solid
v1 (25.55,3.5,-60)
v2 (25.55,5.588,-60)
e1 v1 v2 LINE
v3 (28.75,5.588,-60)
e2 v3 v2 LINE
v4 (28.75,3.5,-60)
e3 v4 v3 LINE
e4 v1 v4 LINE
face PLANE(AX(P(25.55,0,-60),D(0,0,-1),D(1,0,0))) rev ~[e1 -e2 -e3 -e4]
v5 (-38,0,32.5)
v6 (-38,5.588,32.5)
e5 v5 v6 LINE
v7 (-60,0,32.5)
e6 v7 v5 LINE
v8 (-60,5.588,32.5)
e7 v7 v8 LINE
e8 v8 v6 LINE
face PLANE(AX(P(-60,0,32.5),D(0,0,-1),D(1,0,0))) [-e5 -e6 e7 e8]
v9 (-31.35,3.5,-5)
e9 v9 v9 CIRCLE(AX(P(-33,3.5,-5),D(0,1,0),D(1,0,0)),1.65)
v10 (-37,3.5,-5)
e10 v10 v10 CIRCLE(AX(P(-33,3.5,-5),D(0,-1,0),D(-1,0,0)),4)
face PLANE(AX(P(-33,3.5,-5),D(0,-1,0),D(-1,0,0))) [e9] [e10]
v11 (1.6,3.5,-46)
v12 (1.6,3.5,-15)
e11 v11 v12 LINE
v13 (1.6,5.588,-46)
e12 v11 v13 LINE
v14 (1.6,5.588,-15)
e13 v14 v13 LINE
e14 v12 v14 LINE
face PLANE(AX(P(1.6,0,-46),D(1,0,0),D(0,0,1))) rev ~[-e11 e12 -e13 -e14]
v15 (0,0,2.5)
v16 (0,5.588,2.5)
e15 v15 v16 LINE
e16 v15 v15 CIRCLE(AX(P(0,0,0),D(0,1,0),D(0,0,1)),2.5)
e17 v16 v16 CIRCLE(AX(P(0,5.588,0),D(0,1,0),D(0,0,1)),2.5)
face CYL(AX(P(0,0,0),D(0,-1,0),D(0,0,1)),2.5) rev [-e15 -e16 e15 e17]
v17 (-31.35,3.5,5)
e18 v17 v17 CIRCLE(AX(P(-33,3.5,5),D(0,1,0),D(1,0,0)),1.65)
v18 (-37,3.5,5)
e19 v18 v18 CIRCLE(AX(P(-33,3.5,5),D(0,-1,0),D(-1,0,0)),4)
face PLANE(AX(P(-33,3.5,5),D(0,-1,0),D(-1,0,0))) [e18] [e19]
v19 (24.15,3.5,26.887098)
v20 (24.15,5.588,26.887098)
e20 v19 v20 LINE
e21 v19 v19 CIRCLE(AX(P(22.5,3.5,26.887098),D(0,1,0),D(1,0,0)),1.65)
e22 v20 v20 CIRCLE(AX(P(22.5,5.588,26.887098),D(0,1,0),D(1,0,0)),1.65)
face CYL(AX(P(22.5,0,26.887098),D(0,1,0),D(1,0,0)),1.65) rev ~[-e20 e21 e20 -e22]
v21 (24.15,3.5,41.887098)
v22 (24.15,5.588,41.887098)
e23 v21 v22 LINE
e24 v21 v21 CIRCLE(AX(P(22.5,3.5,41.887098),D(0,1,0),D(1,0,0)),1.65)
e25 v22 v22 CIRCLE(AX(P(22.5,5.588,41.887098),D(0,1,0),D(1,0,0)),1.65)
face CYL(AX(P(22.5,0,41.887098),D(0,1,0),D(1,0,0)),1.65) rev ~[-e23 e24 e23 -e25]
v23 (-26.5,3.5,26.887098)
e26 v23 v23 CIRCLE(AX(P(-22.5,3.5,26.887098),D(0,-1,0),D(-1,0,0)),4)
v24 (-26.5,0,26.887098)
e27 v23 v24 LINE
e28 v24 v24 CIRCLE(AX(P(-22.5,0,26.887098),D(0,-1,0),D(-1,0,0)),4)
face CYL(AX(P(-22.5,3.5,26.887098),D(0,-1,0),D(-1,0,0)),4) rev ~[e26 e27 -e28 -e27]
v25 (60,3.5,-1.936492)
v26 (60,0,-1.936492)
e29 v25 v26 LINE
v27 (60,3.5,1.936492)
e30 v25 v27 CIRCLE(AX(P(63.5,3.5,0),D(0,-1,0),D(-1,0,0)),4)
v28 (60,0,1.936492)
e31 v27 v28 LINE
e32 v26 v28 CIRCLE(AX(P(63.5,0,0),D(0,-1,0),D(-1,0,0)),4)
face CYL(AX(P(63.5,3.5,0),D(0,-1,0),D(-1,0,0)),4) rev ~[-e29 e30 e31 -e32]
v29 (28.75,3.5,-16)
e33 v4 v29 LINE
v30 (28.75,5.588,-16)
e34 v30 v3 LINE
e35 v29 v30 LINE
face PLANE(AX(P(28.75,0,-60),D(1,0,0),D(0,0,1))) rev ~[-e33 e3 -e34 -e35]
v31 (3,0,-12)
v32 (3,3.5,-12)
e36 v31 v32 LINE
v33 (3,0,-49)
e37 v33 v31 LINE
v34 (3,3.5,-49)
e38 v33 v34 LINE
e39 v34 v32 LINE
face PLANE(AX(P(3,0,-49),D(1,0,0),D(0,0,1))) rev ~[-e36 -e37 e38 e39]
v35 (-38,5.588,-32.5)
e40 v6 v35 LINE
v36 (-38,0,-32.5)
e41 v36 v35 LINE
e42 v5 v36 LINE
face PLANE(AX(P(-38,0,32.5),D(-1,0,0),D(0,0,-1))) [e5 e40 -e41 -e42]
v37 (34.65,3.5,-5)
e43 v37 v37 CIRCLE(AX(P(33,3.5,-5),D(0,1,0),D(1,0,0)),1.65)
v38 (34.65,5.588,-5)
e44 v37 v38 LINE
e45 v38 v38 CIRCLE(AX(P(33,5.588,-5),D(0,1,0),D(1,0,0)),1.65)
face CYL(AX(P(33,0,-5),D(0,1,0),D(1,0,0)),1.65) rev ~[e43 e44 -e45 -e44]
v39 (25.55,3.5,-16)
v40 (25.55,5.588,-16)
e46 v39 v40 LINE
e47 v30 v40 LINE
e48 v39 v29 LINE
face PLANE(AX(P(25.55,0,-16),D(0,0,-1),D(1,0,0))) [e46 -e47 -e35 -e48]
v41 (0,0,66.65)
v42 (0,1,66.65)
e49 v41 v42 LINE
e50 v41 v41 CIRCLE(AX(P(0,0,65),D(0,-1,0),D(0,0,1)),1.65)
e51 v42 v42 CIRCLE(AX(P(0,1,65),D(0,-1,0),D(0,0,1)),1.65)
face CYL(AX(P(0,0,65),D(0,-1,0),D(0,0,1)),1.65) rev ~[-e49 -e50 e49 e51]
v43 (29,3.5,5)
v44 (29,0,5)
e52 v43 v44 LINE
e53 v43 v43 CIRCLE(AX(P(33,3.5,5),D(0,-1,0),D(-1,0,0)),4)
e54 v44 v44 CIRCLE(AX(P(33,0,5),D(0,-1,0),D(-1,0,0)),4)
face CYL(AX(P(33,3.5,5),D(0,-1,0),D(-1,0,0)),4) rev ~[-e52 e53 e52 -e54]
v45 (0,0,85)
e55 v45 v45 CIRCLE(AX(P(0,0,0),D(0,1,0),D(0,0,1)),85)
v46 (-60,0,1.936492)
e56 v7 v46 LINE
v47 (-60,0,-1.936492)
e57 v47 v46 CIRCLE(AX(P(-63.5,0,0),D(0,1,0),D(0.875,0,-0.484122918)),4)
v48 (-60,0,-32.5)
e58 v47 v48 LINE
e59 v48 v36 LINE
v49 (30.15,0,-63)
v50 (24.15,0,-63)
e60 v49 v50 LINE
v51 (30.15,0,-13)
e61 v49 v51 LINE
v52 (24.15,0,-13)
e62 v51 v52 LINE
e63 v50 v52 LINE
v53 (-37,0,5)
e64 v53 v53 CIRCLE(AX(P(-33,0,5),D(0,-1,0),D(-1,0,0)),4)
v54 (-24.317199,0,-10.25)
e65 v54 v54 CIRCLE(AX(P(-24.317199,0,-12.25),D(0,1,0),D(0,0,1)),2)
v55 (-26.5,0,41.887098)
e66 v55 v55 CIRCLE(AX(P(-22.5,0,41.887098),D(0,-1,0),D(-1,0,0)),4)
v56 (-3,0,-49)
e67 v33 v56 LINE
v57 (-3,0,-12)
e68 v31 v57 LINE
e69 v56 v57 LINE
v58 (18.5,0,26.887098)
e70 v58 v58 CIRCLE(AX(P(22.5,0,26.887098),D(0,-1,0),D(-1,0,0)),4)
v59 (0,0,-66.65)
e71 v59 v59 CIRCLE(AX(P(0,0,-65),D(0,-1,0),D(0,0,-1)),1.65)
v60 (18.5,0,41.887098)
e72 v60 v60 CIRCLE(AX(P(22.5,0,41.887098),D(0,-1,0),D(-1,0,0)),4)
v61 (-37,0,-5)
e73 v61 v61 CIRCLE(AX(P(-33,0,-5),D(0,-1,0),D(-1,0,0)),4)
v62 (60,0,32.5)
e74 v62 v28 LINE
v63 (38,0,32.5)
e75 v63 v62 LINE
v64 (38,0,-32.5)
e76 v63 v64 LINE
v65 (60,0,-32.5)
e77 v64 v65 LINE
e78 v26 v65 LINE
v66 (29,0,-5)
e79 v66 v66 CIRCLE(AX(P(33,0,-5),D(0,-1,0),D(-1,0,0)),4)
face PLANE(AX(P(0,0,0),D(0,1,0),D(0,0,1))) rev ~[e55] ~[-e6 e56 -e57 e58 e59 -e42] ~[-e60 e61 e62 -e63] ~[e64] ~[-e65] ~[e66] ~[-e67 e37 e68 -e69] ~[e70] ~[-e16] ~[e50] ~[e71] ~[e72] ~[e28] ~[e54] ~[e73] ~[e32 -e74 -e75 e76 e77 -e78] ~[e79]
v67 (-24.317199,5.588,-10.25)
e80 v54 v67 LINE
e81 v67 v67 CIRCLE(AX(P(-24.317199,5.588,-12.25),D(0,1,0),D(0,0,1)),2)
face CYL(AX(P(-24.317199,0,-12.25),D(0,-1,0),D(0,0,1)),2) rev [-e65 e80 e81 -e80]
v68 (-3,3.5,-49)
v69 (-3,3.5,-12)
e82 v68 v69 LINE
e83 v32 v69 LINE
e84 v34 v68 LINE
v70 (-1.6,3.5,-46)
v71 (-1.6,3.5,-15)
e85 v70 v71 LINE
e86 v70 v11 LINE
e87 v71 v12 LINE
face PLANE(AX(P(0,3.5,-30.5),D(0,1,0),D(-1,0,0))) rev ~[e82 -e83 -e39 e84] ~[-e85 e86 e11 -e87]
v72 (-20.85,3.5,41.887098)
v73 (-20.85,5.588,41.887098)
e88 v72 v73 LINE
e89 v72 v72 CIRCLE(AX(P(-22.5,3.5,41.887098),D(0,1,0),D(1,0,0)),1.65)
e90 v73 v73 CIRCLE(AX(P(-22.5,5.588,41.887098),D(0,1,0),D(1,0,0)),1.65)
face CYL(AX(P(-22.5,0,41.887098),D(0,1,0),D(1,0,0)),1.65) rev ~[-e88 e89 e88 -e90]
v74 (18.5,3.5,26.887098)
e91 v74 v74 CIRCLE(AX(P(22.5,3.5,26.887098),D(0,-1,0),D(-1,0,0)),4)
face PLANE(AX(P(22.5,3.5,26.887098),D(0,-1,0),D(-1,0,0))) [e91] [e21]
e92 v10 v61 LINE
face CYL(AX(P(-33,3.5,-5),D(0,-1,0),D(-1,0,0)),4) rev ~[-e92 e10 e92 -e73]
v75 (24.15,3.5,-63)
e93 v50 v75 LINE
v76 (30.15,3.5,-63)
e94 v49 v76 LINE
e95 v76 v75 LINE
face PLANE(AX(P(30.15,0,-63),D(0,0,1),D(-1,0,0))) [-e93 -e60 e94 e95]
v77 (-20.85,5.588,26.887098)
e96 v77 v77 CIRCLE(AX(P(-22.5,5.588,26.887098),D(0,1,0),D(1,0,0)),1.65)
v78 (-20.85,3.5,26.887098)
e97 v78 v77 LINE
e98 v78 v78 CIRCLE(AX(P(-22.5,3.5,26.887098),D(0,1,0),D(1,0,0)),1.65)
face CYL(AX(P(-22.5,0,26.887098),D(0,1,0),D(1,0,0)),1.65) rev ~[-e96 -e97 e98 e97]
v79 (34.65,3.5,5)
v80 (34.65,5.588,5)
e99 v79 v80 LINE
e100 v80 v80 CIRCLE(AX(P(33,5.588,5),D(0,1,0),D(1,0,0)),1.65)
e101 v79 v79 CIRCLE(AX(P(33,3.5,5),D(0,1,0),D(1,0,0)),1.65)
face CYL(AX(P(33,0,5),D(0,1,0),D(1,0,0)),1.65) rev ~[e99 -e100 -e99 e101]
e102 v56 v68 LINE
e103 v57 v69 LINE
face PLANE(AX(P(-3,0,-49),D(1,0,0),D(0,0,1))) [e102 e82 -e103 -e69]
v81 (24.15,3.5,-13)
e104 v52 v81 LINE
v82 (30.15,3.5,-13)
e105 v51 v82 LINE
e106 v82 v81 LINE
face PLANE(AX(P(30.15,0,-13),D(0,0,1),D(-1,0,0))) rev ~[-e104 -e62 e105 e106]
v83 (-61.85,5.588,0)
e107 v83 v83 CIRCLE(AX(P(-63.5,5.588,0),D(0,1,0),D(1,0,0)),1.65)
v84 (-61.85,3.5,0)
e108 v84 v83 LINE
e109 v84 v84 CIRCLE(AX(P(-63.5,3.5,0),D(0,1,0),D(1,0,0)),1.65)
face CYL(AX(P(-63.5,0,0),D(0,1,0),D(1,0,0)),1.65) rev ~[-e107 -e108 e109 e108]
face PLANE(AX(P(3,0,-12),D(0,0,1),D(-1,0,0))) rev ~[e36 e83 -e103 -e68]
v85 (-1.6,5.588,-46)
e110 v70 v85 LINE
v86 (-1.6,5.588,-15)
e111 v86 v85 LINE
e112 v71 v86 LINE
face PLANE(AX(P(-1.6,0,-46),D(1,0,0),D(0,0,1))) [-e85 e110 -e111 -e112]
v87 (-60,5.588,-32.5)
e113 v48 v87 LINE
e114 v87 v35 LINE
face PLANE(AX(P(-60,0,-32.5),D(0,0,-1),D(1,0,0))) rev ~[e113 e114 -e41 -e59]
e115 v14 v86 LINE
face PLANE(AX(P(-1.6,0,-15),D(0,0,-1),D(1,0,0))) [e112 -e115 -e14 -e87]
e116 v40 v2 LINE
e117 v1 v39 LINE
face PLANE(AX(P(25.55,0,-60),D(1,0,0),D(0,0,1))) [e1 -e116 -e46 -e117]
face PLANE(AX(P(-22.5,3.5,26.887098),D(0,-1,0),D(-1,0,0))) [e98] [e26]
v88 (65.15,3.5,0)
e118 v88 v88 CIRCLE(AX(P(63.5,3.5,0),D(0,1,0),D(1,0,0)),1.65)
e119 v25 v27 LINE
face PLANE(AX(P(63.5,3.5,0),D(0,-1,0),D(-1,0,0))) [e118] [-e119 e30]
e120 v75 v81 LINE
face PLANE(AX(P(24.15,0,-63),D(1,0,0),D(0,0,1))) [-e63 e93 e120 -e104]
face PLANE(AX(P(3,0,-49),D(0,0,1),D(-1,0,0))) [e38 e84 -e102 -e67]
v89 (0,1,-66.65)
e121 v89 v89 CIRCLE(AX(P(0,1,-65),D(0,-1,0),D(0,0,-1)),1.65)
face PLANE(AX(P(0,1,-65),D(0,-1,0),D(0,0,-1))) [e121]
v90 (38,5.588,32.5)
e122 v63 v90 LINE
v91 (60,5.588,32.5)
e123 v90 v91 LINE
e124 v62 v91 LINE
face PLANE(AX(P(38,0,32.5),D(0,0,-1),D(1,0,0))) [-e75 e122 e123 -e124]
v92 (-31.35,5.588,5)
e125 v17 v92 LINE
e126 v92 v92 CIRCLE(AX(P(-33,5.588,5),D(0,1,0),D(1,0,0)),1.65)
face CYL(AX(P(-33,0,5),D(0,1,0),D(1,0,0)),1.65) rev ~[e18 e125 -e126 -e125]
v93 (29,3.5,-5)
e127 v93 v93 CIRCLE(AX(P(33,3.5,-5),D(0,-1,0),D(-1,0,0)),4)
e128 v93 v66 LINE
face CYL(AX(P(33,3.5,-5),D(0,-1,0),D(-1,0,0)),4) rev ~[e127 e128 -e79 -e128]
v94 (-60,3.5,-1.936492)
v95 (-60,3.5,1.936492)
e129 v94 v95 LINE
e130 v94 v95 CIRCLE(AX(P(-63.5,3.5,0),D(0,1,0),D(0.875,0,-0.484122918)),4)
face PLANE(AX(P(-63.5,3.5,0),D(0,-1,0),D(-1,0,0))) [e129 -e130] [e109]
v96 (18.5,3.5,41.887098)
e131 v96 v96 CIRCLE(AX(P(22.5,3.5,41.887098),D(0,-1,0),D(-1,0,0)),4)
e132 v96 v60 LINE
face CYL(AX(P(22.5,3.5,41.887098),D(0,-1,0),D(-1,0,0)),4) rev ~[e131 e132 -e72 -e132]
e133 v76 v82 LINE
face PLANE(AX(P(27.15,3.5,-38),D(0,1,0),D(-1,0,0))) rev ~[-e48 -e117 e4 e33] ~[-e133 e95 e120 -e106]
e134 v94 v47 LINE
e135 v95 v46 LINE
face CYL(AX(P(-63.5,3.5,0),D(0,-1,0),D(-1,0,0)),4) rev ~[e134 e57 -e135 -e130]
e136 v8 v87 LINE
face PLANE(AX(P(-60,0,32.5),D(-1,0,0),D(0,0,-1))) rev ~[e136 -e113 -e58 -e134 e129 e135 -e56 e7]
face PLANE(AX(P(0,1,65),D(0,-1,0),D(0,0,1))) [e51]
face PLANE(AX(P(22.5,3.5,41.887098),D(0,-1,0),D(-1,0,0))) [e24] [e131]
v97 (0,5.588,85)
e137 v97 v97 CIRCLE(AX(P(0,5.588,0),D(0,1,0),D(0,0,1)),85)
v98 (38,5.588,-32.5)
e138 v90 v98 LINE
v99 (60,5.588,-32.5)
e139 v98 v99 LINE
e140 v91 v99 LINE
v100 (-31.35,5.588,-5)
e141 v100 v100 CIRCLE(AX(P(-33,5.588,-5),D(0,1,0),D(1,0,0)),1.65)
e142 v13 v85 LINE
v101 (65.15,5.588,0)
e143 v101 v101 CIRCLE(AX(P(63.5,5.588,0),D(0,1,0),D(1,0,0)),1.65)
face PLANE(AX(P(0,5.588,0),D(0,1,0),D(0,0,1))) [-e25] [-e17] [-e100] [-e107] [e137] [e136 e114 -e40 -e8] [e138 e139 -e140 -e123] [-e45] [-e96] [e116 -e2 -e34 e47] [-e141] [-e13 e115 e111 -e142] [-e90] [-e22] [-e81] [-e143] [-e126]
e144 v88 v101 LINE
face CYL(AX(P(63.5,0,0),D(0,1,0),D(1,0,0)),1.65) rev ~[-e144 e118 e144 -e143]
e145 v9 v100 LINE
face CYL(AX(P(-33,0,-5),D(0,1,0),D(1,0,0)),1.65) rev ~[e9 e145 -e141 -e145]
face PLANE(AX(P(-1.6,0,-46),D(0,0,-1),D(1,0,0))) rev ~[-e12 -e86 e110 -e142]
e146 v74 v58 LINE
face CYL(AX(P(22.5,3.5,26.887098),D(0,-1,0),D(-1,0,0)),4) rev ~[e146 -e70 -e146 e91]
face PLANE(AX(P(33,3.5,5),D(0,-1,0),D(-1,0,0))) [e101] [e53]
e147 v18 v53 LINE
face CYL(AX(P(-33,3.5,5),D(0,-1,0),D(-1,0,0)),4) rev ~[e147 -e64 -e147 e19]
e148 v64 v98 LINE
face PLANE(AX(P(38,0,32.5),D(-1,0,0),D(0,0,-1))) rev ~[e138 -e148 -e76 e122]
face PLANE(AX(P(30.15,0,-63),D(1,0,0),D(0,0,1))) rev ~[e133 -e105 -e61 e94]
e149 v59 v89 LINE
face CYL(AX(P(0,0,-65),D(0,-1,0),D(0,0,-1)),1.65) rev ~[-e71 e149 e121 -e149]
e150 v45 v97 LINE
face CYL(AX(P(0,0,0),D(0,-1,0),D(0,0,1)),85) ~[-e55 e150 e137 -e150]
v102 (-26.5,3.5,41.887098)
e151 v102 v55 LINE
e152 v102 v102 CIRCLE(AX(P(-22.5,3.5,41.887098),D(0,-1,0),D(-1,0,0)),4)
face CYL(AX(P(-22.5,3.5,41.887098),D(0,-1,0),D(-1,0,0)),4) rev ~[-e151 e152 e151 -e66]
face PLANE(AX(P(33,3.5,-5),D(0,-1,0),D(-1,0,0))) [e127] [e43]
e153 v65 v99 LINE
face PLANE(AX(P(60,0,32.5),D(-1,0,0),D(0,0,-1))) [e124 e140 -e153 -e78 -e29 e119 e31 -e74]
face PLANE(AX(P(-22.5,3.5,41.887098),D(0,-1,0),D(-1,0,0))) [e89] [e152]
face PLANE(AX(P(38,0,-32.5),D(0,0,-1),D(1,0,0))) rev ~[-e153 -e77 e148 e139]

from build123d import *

# Parameters (mm, degrees)
SKETCH1_R                      = 85
SKETCH1_R_2                    = 2.5
SKETCH1_R_3                    = 2
SKETCH1_W                      = 22
SKETCH1_H                      = 65
BOSS_EXTRUDE1_DEPTH            = 5.588
CBORE_FOR_M3_SHCS1_D           = 3.3
CBORE_FOR_M3_SHCS1_CBORE_D     = 8
CBORE_FOR_M3_SHCS1_CBORE_DEPTH = 3.5
CBORE_FOR_M3_SHCS2_D           = 3.3
CBORE_FOR_M3_SHCS2_CBORE_D     = 8
CBORE_FOR_M3_SHCS2_CBORE_DEPTH = 3.5
SKETCH16_R                     = 1.65
CUT_EXTRUDE1_DEPTH             = 1
SKETCH17_W                     = 3.2
SKETCH17_H                     = 44
SKETCH17_H_2                   = 31
CUT_EXTRUDE2_DEPTH             = 121.337964683
SKETCH20_W                     = 6
SKETCH20_H                     = 50
SKETCH20_H_2                   = 37
CUT_EXTRUDE6_DEPTH             = 3.5


with BuildPart() as part:
    # Sketch1 → Boss-Extrude1 (new body)
    with BuildSketch(Plane(origin=(0, 0, 0), x_dir=(1, 0, 0), z_dir=(0, 1, 0))):
        with Locations(Location((0, 0, 0), (0, 0, 270))):
            Circle(SKETCH1_R)
        with Locations(Location((0, 0, 0), (0, 0, 270))):
            Circle(SKETCH1_R_2, mode=Mode.SUBTRACT)
        with Locations(Location((-24.317199098, 12.25, 0), (0, 0, 270))):
            Circle(SKETCH1_R_3, mode=Mode.SUBTRACT)
        with Locations((-49, 0)):
            Rectangle(SKETCH1_W, SKETCH1_H, mode=Mode.SUBTRACT)
        with Locations((49, 0)):
            Rectangle(SKETCH1_W, SKETCH1_H, mode=Mode.SUBTRACT)
    extrude(amount=BOSS_EXTRUDE1_DEPTH)

    # CBORE for M3 SHCS1 (through all)
    with Locations(Plane(origin=(0, 0, 0), x_dir=(-1, 0, 0), z_dir=(0, -1, 0))):
        with Locations((-33, 5), (-33, -5), (33, 5), (33, -5), (-63.5, 0), (63.5, 0)):
            CounterBoreHole(CBORE_FOR_M3_SHCS1_D / 2, CBORE_FOR_M3_SHCS1_CBORE_D / 2, CBORE_FOR_M3_SHCS1_CBORE_DEPTH)

    # CBORE for M3 SHCS2 (through all)
    with Locations(Plane(origin=(0, 0, 0), x_dir=(-1, 0, 0), z_dir=(0, -1, 0))):
        with Locations((22.5, -26.887097638), (-22.5, -26.887097638), (22.5, -41.887097638), (-22.5, -41.887097638)):
            CounterBoreHole(CBORE_FOR_M3_SHCS2_D / 2, CBORE_FOR_M3_SHCS2_CBORE_D / 2, CBORE_FOR_M3_SHCS2_CBORE_DEPTH)

    # Sketch16 → Cut-Extrude1 (cut)
    with BuildSketch(Plane.XZ):
        with Locations(Location((0, -65, 0), (0, 0, 270))):
            Circle(SKETCH16_R)
        with Locations(Location((0, 65, 0), (0, 0, 90))):
            Circle(SKETCH16_R)
    extrude(amount=-CUT_EXTRUDE1_DEPTH, mode=Mode.SUBTRACT)

    # Sketch17 → Cut-Extrude2 (cut, through all)
    with BuildSketch(Plane.XZ):
        with Locations((27.15, -38)):
            Rectangle(SKETCH17_W, SKETCH17_H)
        with Locations((0, -30.5)):
            Rectangle(SKETCH17_W, SKETCH17_H_2)
    extrude(amount=-CUT_EXTRUDE2_DEPTH, mode=Mode.SUBTRACT)

    # Sketch20 → Cut-Extrude6 (cut)
    with BuildSketch(Plane(origin=(0, 0, 0), x_dir=(-1, 0, 0), z_dir=(0, 1, 0))):
        with Locations((-27.15, -38)):
            Rectangle(SKETCH20_W, SKETCH20_H)
        with Locations((0, -30.5)):
            Rectangle(SKETCH20_W, SKETCH20_H_2)
    extrude(amount=CUT_EXTRUDE6_DEPTH, mode=Mode.SUBTRACT)


solid = part.part
